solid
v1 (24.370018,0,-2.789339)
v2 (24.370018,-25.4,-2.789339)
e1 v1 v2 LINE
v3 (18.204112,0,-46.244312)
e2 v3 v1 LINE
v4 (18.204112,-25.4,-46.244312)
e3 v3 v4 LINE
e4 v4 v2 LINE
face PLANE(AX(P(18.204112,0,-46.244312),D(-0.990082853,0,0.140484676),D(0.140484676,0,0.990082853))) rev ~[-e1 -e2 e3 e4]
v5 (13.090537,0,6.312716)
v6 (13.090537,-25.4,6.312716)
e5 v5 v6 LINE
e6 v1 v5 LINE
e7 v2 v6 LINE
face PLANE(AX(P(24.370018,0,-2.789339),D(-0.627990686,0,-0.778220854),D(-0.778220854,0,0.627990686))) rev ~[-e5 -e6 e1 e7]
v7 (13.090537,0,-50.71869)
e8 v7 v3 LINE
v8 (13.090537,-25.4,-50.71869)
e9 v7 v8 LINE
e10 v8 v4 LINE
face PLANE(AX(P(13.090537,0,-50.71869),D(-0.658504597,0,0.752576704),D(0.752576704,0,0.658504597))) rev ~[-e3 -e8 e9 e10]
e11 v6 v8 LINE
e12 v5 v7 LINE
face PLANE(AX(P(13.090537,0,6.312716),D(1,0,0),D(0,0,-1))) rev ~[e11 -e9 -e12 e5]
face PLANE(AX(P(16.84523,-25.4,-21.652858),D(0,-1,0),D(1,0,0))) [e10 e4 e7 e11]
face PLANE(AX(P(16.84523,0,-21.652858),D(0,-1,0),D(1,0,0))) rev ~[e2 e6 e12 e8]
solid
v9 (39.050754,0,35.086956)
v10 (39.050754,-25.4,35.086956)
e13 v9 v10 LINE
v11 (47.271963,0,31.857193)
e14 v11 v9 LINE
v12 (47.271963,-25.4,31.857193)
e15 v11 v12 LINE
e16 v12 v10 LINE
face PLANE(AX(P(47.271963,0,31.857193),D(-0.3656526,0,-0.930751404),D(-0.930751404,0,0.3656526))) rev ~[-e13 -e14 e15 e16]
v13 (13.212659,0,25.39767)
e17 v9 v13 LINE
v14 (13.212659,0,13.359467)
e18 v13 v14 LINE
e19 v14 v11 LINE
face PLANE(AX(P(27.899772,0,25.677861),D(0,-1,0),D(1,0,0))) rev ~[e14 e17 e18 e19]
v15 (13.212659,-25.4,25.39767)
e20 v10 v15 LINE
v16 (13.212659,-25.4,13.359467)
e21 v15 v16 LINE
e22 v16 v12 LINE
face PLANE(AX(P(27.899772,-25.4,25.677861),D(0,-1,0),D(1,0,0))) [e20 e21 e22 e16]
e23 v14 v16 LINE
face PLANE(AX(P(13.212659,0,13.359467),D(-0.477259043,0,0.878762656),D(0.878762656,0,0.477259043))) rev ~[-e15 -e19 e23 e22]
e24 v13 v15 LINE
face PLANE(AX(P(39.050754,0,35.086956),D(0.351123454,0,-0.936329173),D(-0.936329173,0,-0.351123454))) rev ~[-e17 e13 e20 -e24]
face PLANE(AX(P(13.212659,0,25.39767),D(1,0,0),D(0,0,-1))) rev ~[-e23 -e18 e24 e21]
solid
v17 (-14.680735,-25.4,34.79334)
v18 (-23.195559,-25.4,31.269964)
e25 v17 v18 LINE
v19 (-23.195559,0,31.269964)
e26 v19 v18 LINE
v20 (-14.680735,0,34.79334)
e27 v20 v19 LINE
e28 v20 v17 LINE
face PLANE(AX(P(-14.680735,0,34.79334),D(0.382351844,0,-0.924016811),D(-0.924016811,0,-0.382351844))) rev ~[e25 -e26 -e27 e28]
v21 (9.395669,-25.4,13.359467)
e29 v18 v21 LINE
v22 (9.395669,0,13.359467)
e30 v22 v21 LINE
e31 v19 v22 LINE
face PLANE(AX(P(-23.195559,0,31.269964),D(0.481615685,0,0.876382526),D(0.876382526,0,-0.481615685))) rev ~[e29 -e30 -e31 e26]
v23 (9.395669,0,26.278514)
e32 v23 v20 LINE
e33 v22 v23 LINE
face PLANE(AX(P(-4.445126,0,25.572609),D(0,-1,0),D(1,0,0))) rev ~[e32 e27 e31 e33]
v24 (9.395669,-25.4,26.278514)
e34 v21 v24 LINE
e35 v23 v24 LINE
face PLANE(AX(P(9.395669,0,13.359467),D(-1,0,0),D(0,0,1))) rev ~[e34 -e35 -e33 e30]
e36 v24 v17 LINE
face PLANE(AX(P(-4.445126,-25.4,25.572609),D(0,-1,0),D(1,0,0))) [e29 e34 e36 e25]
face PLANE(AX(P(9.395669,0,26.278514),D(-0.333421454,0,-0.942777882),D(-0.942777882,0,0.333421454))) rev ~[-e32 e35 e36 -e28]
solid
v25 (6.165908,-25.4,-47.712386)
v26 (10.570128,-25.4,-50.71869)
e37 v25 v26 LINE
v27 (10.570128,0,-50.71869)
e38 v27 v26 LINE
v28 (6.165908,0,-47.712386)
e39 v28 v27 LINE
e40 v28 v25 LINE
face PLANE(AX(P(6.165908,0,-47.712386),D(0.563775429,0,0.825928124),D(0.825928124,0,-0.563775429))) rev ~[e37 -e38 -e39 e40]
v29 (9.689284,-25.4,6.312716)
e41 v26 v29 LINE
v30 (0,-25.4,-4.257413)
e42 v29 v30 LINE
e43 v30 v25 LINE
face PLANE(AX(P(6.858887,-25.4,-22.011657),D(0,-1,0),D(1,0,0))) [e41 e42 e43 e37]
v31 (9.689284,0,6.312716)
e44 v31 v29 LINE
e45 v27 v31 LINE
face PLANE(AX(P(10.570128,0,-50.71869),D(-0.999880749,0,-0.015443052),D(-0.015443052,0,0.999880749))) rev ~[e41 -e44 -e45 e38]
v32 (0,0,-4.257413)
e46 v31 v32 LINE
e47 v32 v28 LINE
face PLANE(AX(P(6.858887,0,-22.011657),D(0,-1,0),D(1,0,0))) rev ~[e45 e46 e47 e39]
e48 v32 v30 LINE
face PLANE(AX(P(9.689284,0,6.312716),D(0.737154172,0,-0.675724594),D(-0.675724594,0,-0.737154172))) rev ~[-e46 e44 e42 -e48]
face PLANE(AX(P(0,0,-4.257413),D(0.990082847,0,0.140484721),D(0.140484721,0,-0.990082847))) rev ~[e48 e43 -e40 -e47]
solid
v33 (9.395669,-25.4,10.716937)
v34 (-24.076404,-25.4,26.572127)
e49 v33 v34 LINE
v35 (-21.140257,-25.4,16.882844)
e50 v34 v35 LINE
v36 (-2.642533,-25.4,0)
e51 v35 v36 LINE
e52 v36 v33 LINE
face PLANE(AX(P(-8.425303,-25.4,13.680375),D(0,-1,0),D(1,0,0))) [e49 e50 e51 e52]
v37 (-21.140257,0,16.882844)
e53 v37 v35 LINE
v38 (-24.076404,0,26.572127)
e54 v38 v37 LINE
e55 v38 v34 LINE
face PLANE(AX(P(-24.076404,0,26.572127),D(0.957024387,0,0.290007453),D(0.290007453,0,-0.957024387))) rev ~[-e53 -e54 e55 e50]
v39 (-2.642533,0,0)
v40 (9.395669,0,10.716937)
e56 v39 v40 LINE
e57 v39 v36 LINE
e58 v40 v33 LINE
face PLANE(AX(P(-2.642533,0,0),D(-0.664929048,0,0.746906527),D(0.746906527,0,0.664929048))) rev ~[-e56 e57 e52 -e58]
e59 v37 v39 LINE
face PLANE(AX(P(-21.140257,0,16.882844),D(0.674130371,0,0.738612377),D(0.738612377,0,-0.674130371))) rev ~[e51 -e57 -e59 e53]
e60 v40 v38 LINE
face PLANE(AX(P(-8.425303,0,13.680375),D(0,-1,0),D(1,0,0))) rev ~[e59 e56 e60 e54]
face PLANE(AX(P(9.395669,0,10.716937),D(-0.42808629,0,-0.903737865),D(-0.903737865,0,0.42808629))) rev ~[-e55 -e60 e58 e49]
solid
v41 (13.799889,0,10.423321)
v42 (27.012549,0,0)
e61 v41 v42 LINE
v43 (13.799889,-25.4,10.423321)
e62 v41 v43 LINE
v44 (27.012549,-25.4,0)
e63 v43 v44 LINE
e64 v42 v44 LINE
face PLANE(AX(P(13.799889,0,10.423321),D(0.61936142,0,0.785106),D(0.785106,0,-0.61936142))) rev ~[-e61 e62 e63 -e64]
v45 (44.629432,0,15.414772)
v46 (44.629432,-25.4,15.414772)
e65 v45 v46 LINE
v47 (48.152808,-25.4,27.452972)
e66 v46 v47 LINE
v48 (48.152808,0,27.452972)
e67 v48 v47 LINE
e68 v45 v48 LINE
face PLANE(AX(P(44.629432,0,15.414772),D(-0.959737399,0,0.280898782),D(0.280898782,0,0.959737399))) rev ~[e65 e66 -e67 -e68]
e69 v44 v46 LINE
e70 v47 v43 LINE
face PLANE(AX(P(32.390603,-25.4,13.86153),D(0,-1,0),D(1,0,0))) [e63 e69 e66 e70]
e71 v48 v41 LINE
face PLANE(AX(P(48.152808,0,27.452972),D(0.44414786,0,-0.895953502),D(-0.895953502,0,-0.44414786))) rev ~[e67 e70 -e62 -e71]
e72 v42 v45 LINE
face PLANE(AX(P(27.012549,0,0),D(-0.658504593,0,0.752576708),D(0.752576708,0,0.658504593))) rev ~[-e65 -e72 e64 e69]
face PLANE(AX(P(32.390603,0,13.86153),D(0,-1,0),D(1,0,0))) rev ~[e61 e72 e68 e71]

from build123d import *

# Parameters (mm, degrees)
F1_DEPTH = 25.4


with BuildPart() as f1:
    # F0 (on Front) → F1 (new body)
    with BuildSketch(Plane.XZ):
        Polygon((-14.680735, 34.79334), (-23.195559, 31.269964), (9.395669, 13.359467), (9.395669, 26.278514), align=None)
        Polygon((39.050754, 35.086956), (13.212659, 25.39767), (13.212659, 13.359467), (47.271963, 31.857193), align=None)
        Polygon((9.395669, 10.716937), (-24.076404, 26.572127), (-21.140257, 16.882844), (-2.642533, 0), align=None)
        Polygon((44.629432, 15.414772), (48.152808, 27.452972), (13.799889, 10.423321), (27.012549, 0), align=None)
        Polygon((18.204112, -46.244312), (24.370018, -2.789339), (13.090537, 6.312716), (13.090537, -50.71869), align=None)
        Polygon((10.570128, -50.71869), (9.689284, 6.312716), (0, -4.257413), (6.165908, -47.712386), align=None)
    extrude(amount=F1_DEPTH)


solid = f1.part
